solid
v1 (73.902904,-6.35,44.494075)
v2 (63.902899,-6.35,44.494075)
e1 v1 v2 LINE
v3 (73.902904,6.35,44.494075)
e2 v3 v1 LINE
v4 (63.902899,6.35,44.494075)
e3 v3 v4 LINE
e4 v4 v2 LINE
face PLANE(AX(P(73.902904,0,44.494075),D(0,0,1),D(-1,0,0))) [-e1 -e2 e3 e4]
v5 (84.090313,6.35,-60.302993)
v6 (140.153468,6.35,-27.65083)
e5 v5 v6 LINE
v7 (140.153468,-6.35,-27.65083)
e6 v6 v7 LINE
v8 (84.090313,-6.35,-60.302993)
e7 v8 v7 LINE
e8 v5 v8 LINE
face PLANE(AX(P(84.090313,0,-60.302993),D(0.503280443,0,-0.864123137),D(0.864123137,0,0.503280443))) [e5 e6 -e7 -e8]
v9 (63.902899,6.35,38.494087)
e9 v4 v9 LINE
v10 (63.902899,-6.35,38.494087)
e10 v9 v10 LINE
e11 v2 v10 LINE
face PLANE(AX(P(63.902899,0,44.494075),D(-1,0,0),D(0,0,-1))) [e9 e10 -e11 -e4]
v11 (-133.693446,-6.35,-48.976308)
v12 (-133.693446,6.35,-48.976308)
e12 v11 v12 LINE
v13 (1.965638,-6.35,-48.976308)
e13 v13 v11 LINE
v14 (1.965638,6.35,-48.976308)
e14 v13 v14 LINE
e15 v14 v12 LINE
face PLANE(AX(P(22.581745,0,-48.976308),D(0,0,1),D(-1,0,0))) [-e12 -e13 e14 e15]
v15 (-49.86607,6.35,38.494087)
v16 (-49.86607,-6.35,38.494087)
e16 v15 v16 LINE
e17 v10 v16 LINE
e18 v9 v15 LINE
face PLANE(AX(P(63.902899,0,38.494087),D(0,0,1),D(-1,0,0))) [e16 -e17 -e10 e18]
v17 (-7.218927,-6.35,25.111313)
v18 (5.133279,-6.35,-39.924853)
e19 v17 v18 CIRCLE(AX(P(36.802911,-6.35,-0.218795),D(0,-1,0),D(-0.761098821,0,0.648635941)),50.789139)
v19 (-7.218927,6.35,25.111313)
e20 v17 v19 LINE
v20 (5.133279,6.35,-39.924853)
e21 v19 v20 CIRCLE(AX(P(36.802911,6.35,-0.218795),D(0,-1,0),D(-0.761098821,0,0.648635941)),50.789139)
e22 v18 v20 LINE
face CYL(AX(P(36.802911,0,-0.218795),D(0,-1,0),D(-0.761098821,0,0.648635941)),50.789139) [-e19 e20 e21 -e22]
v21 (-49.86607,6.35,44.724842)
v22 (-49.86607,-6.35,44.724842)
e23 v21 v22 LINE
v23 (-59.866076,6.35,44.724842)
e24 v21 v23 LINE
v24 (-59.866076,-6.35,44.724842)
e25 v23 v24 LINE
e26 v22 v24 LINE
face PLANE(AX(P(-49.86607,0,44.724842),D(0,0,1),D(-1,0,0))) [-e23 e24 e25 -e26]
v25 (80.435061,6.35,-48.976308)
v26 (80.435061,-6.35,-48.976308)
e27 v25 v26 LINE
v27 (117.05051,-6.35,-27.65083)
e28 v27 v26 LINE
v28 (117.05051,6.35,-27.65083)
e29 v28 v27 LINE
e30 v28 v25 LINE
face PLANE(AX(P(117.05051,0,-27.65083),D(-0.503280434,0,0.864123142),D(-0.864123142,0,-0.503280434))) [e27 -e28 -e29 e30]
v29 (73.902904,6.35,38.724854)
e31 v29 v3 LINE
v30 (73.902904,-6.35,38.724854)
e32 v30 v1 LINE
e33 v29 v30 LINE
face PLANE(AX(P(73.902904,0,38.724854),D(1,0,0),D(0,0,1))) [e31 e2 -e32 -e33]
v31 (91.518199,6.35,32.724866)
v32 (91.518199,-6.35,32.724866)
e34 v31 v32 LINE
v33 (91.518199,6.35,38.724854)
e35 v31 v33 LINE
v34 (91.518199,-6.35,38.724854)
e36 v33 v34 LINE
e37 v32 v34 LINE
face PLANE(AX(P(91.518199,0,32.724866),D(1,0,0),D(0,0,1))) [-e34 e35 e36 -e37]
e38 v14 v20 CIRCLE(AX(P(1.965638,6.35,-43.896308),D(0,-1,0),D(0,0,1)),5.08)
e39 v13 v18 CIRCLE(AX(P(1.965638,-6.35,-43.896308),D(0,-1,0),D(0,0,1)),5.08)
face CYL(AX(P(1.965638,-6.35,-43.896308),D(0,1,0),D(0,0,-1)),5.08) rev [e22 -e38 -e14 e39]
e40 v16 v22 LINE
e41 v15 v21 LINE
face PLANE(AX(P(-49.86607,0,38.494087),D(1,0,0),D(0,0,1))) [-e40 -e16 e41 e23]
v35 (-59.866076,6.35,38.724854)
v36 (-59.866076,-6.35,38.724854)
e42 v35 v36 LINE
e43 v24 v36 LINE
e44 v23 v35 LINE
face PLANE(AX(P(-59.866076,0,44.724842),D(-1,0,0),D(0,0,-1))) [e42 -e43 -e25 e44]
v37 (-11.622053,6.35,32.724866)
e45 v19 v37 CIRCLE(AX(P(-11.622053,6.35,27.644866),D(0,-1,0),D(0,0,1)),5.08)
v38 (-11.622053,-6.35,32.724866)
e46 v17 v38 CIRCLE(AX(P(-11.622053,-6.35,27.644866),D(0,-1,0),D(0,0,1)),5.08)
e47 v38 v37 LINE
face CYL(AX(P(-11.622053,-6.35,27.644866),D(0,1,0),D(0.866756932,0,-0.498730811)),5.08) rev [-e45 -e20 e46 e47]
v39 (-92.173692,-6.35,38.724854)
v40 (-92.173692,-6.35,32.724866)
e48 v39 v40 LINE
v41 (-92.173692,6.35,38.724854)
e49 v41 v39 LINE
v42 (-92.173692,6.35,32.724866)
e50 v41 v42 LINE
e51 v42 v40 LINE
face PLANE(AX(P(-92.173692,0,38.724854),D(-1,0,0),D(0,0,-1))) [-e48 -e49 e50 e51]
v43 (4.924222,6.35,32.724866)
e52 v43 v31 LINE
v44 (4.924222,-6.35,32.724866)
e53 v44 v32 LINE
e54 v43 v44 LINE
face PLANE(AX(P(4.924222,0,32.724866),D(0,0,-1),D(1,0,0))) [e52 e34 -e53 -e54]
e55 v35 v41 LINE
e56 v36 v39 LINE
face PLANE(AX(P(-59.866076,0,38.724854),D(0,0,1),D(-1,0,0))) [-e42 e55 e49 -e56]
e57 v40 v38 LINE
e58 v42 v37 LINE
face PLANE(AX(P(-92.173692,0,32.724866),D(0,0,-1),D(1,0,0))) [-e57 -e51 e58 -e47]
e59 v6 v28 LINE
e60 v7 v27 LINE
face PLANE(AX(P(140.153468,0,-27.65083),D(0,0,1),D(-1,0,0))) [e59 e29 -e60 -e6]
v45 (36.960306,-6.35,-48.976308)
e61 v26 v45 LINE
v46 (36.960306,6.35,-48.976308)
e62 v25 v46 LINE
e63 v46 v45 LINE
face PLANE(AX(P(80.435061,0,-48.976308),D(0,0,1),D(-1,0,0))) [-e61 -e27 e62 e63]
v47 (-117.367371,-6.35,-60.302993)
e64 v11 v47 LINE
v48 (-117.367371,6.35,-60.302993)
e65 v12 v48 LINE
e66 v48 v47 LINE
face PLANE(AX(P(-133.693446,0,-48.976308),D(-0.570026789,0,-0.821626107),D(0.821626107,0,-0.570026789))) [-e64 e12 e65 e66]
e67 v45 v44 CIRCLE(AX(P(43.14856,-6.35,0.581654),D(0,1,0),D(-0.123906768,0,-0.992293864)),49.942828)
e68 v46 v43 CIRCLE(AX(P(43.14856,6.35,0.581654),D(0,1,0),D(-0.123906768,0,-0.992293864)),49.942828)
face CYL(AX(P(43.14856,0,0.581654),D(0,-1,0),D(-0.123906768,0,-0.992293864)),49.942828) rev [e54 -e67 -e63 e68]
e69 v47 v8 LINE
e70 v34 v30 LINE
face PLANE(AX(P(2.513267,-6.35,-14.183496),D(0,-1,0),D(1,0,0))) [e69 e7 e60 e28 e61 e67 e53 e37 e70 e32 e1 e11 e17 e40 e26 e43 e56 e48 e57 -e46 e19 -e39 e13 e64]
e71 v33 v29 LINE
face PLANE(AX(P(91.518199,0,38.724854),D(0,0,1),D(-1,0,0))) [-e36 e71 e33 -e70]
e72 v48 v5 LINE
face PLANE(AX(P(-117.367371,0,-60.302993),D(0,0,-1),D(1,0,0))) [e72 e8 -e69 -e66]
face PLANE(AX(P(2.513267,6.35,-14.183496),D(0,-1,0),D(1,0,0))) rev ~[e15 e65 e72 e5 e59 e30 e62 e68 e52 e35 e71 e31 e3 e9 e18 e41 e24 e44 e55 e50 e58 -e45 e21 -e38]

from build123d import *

# Parameters (mm, degrees)
F1_DEPTH = 6.35
F2_R     = 5.08


with BuildPart() as f1:
    # F0 (on Front) → F1 (new body, symmetric)
    with BuildSketch(Plane.XZ):
        with BuildLine():
            Line((-133.693446, -48.976308), (-117.367371, -60.302993))
            Line((-117.367371, -60.302993), (84.090313, -60.302993))
            Line((84.090313, -60.302993), (140.153468, -27.65083))
            Line((140.153468, -27.65083), (117.05051, -27.65083))
            Line((117.05051, -27.65083), (80.435061, -48.976308))
            Line((80.435061, -48.976308), (36.960306, -48.976308))
            ThreePointArc((36.960306, -48.976308), (-3.347569, -17.650078), (4.924222, 32.724866))
            Line((4.924222, 32.724866), (91.518199, 32.724866))
            Line((91.518199, 32.724866), (91.518199, 38.724854))
            Line((91.518199, 38.724854), (73.902904, 38.724854))
            Line((73.902904, 38.724854), (73.902904, 44.494075))
            Line((73.902904, 44.494075), (63.902899, 44.494075))
            Line((63.902899, 44.494075), (63.902899, 38.494087))
            Line((63.902899, 38.494087), (-49.86607, 38.494087))
            Line((-49.86607, 38.494087), (-49.86607, 44.724842))
            Line((-49.86607, 44.724842), (-59.866076, 44.724842))
            Line((-59.866076, 44.724842), (-59.866076, 38.724854))
            Line((-59.866076, 38.724854), (-92.173692, 38.724854))
            Line((-92.173692, 38.724854), (-92.173692, 32.724866))
            Line((-92.173692, 32.724866), (-1.852643, 32.724866))
            ThreePointArc((-1.852643, 32.724866), (-11.856696, -14.771434), (22.581745, -48.976308))
            Line((22.581745, -48.976308), (-133.693446, -48.976308))
        make_face()
    extrude(amount=F1_DEPTH, both=True)

    # F2
    f2_edges = [f1.edges().sort_by_distance(p)[0] for p in [
        (22.581745, 0, -48.976308),
        (-1.852643, 0, 32.724866),
    ]]
    fillet(f2_edges, radius=F2_R)


solid = f1.part
